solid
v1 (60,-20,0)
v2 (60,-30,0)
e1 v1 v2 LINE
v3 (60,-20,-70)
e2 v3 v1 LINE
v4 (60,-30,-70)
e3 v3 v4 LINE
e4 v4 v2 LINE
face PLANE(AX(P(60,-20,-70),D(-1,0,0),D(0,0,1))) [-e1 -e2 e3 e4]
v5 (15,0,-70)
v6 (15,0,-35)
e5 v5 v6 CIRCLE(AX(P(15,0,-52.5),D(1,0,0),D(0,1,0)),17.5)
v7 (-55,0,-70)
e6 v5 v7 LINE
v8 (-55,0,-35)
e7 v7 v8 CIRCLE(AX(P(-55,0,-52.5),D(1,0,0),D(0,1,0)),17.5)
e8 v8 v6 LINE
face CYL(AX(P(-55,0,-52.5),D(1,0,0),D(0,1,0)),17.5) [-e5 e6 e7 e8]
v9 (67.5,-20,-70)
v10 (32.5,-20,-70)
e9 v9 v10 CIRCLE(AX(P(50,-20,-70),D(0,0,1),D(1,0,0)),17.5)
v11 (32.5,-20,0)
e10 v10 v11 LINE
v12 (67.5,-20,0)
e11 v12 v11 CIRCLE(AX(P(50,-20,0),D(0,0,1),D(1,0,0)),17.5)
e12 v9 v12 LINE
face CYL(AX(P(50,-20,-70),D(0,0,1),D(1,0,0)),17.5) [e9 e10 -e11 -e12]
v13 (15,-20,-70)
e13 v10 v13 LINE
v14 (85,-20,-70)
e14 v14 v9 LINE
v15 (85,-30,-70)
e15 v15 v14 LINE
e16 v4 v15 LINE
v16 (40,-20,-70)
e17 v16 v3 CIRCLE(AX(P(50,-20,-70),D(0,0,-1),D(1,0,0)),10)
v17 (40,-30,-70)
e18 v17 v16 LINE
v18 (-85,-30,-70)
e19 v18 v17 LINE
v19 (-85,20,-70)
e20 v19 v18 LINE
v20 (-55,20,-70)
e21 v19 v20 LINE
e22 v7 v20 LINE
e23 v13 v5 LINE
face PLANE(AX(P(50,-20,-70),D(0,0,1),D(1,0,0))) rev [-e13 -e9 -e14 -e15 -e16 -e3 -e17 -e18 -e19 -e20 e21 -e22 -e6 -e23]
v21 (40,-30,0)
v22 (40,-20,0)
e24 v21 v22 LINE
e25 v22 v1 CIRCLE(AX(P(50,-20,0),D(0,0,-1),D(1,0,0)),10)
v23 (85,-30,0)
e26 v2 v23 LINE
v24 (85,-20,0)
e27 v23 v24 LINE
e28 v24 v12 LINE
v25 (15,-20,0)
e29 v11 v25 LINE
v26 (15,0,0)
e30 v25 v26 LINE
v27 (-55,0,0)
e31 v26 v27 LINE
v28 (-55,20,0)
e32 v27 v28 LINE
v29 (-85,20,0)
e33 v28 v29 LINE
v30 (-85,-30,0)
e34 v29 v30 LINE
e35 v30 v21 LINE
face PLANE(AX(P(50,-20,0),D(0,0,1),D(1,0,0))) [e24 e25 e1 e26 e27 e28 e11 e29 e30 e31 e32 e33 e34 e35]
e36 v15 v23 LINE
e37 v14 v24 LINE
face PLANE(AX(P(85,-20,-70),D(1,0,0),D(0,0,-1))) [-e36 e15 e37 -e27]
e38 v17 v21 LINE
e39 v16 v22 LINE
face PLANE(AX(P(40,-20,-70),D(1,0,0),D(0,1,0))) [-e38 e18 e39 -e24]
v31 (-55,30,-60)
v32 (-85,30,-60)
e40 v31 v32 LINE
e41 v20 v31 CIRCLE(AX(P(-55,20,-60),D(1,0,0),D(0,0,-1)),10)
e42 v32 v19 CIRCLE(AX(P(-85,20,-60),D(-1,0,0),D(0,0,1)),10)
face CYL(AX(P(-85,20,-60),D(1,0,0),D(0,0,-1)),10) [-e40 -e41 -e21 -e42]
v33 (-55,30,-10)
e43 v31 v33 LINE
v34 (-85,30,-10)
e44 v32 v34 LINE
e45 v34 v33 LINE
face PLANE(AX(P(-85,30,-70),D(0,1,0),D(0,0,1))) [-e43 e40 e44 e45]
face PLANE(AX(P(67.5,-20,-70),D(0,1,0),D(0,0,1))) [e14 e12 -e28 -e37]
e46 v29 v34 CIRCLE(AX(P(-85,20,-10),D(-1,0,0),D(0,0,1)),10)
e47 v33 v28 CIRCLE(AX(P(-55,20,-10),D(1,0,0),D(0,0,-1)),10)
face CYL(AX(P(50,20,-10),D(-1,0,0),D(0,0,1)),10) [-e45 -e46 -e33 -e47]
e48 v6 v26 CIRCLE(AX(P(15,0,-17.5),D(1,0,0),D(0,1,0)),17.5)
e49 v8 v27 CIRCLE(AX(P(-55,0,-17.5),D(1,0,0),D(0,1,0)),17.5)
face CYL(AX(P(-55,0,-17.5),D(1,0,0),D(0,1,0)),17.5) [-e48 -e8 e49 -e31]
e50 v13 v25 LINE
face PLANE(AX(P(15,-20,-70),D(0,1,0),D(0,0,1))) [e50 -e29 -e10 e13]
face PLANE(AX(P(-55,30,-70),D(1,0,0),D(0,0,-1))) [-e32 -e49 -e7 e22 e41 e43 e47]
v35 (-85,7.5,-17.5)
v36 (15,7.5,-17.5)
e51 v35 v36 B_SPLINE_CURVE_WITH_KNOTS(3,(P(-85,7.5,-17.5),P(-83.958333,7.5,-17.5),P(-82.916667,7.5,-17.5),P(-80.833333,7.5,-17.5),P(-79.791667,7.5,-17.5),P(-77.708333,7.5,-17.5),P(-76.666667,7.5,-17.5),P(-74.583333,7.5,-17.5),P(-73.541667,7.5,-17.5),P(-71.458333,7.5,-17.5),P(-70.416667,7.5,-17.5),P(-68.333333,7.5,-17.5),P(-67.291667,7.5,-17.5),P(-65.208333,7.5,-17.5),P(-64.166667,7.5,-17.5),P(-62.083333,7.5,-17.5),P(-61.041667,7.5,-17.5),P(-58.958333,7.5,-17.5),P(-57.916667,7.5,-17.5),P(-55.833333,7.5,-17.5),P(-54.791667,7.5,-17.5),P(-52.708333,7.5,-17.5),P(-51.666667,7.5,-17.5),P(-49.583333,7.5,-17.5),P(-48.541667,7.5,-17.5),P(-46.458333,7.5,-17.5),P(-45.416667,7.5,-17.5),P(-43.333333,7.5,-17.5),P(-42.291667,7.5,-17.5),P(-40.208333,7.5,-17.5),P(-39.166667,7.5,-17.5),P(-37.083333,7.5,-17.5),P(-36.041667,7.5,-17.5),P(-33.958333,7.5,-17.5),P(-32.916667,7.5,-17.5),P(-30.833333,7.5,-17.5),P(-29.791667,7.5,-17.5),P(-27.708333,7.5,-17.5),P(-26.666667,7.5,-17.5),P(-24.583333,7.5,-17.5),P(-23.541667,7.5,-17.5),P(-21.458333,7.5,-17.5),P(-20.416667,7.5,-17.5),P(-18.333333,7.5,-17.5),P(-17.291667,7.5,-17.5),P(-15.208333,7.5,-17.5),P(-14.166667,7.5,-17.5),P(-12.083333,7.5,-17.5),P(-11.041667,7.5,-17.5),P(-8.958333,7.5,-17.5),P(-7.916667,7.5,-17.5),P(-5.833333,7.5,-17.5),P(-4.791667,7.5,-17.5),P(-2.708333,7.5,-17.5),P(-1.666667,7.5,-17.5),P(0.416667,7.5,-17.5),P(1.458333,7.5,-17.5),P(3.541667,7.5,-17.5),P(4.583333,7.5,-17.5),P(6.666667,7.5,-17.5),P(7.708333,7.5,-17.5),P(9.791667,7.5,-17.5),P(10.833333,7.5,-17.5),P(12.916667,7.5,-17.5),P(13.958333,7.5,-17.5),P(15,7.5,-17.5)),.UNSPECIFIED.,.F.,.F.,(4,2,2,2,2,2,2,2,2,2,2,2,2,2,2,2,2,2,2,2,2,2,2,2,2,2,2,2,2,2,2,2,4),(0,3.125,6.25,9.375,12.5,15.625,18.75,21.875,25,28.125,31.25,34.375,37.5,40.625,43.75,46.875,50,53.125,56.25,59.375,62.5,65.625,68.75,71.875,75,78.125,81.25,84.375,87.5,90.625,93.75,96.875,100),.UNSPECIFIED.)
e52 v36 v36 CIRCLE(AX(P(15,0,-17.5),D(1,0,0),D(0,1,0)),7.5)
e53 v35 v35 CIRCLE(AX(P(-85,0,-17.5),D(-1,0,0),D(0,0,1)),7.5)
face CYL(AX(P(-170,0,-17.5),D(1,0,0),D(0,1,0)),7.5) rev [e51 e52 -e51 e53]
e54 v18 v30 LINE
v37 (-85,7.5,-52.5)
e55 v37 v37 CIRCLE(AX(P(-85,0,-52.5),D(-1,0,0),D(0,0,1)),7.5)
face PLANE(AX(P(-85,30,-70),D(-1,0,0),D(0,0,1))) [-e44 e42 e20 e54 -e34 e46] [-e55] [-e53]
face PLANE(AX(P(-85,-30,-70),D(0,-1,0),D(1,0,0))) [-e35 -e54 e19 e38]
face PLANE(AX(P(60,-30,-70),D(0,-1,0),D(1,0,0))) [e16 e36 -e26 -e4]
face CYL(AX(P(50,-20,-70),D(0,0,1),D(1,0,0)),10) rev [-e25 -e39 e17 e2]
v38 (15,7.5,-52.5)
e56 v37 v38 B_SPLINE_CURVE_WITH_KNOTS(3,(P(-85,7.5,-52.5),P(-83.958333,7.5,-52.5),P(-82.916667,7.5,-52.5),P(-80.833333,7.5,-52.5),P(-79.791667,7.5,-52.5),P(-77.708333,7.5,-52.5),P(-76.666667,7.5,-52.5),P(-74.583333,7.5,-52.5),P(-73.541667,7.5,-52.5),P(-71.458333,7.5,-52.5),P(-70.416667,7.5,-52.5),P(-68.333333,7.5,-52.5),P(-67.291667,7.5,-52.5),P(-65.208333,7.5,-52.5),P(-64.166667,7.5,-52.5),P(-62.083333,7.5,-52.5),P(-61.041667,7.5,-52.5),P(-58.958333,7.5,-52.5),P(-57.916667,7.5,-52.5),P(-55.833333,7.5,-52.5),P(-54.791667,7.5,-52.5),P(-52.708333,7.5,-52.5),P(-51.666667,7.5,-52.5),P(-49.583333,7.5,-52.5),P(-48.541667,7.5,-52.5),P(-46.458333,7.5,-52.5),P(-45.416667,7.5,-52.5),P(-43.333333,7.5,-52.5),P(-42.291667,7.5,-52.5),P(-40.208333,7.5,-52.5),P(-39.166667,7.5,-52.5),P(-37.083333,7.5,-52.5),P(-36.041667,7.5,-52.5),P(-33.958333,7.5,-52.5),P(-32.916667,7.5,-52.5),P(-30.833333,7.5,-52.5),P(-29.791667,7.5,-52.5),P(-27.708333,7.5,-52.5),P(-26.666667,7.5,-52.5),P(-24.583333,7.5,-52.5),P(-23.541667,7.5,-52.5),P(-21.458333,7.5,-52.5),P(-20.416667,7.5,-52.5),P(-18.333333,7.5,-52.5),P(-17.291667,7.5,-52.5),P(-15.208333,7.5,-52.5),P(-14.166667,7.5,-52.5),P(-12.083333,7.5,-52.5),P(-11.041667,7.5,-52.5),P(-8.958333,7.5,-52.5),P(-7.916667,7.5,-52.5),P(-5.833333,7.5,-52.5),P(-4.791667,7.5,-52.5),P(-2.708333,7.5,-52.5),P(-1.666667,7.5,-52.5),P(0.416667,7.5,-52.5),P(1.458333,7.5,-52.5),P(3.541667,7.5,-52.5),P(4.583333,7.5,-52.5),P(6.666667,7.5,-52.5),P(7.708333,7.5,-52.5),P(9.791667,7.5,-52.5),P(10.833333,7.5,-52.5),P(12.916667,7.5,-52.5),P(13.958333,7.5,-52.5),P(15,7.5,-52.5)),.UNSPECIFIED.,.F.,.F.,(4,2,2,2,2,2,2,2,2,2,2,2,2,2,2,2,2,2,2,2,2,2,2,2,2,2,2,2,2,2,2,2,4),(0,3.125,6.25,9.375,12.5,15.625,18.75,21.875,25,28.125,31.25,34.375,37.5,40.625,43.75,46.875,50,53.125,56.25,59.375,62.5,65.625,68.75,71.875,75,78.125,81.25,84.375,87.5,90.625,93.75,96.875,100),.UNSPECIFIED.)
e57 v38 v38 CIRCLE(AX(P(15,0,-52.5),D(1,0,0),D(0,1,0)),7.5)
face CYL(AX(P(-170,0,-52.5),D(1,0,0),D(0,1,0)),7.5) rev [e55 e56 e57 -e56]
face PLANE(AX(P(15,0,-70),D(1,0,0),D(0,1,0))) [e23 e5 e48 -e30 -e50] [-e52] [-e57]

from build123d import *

# Parameters (mm, degrees)
BOSS_EXTRUDE1_DEPTH = 70
FILLET1_R           = 10
FILLET2_R           = 10
BOSS_EXTRUDE2_DEPTH = 70
SKETCH3_R           = 7.5
CUT_EXTRUDE1_DEPTH  = 185


with BuildPart() as part:
    # Sketch1 → Boss-Extrude1 (new body)
    with BuildSketch(Plane.XY):
        with BuildLine():
            Line((67.5, -20), (85, -20))
            Line((85, -20), (85, -30))
            Line((85, -30), (60, -30))
            Line((60, -30), (60, -20))
            ThreePointArc((60, -20), (50, -10), (40, -20))
            Line((40, -20), (40, -30))
            Line((40, -30), (-85, -30))
            Line((-85, -30), (-85, 30))
            Line((-85, 30), (-55, 30))
            Line((-55, 30), (-55, 0))
            Line((-55, 0), (15, 0))
            Line((15, 0), (15, -20))
            Line((15, -20), (32.5, -20))
            ThreePointArc((32.5, -20), (50, -2.5), (67.5, -20))
        make_face()
    extrude(amount=-BOSS_EXTRUDE1_DEPTH)

    # Fillet1
    fillet1_edges = [part.edges().sort_by_distance(p)[0] for p in [
        (-70, 30, 0),
    ]]
    fillet(fillet1_edges, radius=FILLET1_R)

    # Fillet2
    fillet2_edges = [part.edges().sort_by_distance(p)[0] for p in [
        (-70, 30, -70),
    ]]
    fillet(fillet2_edges, radius=FILLET2_R)

    # Sketch2 → Boss-Extrude2 (add)
    with BuildSketch(Plane(origin=(15, 0, 0), x_dir=(0, 0, -1), z_dir=(1, 0, 0))):
        with BuildLine():
            ThreePointArc((35, 0), (17.5, 17.5), (0, 0))
            Line((0, 0), (35, 0))
        make_face()
        with BuildLine():
            ThreePointArc((70, 0), (52.5, 17.5), (35, 0))
            Line((35, 0), (70, 0))
        make_face()
    extrude(amount=-BOSS_EXTRUDE2_DEPTH)

    # Sketch3 → Cut-Extrude1 (cut)
    with BuildSketch(Plane(origin=(15, 0, 0), x_dir=(0, 0, -1), z_dir=(1, 0, 0))):
        with Locations(Location((17.5, 0, 0), (0, 0, 90))):
            Circle(SKETCH3_R)
        with Locations(Location((52.5, 0, 0), (0, 0, 90))):
            Circle(SKETCH3_R)
    extrude(amount=-CUT_EXTRUDE1_DEPTH, mode=Mode.SUBTRACT)


solid = part.part
